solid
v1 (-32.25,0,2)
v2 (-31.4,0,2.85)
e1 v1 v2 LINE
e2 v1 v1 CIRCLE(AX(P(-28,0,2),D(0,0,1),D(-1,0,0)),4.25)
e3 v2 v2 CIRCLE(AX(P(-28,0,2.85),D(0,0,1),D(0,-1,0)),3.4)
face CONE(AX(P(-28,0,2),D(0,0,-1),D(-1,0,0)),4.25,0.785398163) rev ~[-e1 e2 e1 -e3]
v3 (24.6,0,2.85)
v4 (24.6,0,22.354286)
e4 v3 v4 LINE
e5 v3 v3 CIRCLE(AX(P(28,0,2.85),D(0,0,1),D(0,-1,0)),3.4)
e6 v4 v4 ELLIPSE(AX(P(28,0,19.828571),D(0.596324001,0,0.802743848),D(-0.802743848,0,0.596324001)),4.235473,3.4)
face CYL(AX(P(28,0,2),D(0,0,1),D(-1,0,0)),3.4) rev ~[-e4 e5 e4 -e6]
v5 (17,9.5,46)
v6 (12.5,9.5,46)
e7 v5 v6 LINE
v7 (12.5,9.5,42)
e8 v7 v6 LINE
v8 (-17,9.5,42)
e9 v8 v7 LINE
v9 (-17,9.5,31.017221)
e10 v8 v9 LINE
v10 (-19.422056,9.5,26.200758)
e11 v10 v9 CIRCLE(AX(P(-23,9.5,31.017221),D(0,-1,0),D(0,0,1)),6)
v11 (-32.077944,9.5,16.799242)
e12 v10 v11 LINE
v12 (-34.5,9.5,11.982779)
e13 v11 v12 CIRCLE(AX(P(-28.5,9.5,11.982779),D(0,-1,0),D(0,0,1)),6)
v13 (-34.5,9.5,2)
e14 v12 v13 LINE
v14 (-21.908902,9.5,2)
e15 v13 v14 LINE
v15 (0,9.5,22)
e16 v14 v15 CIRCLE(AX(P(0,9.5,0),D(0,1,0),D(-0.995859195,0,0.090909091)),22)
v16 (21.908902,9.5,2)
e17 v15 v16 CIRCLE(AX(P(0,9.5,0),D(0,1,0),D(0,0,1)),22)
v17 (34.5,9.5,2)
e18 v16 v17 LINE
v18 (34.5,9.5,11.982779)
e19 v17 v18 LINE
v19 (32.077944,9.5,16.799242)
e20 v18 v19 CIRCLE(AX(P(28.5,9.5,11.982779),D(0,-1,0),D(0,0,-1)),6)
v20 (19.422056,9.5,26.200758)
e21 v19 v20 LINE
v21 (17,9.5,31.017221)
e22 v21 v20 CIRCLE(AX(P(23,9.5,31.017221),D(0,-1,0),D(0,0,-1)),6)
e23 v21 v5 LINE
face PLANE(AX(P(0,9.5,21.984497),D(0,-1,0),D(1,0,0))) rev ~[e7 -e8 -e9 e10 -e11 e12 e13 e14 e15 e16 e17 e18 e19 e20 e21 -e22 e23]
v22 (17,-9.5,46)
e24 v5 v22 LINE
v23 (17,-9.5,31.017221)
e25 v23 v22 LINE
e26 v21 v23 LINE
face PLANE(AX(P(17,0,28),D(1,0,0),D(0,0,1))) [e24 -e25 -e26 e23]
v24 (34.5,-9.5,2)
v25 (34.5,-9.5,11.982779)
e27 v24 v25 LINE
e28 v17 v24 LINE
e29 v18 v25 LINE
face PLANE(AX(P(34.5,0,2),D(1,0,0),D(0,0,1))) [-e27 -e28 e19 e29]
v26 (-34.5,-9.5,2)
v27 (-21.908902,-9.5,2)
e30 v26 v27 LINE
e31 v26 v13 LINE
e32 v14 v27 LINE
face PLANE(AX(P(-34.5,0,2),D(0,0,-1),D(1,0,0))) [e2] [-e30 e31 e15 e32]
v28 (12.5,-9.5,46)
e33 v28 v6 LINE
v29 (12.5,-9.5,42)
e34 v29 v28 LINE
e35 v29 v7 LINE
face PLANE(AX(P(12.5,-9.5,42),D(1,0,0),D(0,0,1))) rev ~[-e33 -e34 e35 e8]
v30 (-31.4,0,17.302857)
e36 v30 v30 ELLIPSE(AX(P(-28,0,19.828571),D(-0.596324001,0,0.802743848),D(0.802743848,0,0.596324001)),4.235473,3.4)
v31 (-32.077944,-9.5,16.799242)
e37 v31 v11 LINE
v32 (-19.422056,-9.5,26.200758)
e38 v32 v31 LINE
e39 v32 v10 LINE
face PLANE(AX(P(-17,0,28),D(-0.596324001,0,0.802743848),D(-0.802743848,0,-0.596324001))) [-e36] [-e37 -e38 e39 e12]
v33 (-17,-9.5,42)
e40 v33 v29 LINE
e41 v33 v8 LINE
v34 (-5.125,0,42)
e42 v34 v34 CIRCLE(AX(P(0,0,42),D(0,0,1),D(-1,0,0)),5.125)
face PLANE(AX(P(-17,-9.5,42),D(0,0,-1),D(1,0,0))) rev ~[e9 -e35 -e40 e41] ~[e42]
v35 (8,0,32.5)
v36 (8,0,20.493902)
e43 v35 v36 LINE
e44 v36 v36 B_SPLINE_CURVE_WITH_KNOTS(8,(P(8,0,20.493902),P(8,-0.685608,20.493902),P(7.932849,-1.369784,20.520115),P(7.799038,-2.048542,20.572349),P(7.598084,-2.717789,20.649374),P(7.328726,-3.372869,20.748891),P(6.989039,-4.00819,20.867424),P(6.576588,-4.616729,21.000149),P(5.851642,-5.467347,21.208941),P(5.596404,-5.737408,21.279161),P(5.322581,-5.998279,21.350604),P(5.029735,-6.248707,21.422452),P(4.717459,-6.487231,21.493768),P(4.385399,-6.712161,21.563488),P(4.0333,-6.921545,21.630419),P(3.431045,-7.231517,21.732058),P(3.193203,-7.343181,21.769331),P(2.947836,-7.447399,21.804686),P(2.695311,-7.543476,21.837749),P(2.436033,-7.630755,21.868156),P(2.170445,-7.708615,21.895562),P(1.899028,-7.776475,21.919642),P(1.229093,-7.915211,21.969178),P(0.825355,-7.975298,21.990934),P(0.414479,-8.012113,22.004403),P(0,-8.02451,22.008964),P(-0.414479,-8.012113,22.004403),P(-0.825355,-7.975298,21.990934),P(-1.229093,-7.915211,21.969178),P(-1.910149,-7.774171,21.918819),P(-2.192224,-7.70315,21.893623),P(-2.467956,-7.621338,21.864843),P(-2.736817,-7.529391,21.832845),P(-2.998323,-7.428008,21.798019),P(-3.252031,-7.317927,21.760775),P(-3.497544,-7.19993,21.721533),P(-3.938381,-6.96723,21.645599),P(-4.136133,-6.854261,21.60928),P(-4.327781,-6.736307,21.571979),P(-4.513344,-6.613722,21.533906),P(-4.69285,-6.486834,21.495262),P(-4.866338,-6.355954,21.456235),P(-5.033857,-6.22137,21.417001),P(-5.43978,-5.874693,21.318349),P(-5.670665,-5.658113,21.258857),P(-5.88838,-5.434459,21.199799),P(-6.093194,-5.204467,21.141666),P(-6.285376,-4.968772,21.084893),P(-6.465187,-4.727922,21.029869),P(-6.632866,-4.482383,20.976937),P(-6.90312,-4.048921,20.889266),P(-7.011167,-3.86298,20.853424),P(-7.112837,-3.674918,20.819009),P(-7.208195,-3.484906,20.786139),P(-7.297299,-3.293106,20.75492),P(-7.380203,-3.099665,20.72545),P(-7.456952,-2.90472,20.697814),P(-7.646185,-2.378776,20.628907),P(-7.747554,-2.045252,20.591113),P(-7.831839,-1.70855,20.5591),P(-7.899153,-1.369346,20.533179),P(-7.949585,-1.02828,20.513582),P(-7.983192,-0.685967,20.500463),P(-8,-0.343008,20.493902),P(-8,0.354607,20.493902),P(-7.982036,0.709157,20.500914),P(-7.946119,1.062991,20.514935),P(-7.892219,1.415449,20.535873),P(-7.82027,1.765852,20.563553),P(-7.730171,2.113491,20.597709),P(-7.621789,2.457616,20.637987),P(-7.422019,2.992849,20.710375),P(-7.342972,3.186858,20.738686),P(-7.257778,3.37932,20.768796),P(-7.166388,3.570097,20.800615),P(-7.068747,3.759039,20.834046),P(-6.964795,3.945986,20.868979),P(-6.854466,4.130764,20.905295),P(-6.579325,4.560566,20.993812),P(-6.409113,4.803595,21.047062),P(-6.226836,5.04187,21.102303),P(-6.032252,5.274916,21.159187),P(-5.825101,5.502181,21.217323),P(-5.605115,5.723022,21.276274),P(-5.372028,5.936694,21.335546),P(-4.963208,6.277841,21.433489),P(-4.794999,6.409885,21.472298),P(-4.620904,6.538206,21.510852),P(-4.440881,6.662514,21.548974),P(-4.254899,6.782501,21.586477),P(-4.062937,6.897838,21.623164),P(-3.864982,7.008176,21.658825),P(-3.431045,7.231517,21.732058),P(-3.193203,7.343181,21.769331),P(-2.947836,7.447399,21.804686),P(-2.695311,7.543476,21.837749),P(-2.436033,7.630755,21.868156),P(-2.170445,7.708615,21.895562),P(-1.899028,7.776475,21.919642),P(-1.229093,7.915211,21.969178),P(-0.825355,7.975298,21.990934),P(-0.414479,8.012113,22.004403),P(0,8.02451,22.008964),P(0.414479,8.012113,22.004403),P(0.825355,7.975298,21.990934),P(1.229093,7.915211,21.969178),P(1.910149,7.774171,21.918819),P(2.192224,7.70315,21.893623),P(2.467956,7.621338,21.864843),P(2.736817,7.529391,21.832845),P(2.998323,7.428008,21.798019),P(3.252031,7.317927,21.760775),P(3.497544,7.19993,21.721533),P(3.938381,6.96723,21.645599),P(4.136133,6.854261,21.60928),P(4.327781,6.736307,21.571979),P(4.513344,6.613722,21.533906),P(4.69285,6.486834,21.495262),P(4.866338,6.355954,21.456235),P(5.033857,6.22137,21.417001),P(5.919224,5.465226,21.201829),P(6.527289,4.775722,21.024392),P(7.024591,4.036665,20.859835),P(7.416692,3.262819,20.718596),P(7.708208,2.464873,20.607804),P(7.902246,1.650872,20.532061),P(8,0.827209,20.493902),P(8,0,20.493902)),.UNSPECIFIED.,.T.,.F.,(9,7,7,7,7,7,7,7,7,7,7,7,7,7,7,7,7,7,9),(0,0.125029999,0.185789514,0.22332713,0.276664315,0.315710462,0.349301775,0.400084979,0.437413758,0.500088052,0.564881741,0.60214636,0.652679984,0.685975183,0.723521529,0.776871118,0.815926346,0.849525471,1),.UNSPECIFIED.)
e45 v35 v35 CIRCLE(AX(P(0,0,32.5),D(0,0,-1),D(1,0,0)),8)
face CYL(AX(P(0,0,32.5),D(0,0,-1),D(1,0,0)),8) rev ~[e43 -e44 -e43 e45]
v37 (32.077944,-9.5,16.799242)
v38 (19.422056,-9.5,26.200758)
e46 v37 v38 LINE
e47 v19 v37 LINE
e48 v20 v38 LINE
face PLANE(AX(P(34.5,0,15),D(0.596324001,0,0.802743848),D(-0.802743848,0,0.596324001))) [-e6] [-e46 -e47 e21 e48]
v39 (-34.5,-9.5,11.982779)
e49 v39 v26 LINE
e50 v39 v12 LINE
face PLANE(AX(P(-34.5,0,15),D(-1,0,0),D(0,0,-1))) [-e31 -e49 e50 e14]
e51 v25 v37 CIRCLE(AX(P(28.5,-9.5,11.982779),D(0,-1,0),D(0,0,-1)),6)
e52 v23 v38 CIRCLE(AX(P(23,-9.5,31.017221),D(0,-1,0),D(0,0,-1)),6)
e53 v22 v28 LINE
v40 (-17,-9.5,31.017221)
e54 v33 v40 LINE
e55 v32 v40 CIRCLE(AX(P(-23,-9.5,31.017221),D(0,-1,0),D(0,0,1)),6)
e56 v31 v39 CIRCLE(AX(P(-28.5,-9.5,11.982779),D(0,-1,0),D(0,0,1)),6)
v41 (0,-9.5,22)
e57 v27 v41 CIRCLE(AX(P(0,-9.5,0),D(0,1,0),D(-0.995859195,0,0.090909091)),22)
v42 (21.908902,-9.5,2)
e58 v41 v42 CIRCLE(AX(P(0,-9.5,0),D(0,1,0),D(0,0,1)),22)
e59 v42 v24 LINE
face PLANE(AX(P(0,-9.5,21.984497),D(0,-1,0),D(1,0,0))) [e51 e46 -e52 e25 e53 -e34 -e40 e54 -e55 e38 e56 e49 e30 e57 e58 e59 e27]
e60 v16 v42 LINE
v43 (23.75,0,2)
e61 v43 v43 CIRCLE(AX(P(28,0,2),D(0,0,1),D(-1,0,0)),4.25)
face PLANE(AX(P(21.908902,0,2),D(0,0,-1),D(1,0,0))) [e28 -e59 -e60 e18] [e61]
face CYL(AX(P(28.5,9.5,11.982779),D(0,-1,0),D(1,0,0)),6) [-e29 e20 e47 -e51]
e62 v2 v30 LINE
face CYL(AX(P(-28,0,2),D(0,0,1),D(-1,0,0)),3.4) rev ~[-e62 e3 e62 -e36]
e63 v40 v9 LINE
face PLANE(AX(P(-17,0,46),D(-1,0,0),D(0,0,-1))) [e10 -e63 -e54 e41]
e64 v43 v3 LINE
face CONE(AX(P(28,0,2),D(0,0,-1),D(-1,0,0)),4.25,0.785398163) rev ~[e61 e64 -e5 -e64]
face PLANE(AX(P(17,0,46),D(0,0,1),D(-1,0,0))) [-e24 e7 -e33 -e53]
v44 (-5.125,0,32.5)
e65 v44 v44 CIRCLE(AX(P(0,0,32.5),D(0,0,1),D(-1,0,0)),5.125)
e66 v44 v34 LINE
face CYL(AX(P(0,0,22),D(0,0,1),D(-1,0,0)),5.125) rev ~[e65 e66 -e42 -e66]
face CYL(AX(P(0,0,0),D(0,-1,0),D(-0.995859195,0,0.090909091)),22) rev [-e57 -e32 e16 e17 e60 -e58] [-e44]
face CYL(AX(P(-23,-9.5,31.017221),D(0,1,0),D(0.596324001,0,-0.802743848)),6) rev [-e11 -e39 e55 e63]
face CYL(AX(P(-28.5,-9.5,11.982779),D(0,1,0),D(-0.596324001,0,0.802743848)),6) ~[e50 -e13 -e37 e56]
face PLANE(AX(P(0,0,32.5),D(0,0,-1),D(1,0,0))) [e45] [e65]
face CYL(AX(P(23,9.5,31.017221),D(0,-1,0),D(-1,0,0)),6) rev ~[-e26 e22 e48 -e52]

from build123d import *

# Parameters (mm, degrees)
F1_DEPTH       = 9.5
F3_D           = 6.8
F3_START       = 2
F3_CSINK_D     = 8.5
F3_CSINK_ANGLE = 90
F5_D           = 10.25
F5_START       = 22.0000001
F5_CBORE_D     = 16
F5_CBORE_DEPTH = 10.5
F6_W           = 29.5
F6_H           = 4
F7_DEPTH       = 19
F8_R           = 6
F9_R           = 6


with BuildPart() as f1:
    # F0 (on Front) → F1 (new body, symmetric)
    with BuildSketch(Plane.XZ):
        with BuildLine():
            Line((-34.5, 2), (-21.9089023002, 2))
            ThreePointArc((-21.9089023002, 2), (-14.8323969742, 16.2480768093), (0, 22))
            ThreePointArc((0, 22), (14.8323969742, 16.2480768093), (21.9089023002, 2))
            Line((21.9089023002, 2), (34.5, 2))
            Line((34.5, 2), (34.5, 15))
            Line((34.5, 15), (17, 28))
            Line((17, 28), (17, 46))
            Line((17, 46), (0, 46))
            Line((0, 46), (-17, 46))
            Line((-17, 46), (-17, 28))
            Line((-17, 28), (-34.5, 15))
            Line((-34.5, 15), (-34.5, 2))
        make_face()
    extrude(amount=F1_DEPTH, both=True)

    # F3 (through all)
    # its depths count from where the whole tool has entered the part; down to there all is cleared
    with Locations(Plane(origin=(0, 0, 0), x_dir=(1, 0, 0), z_dir=(0, 0, -1)).offset(-F3_START)):
        with Locations((28, 0), (-28, 0)):
            CounterSinkHole(F3_D / 2, F3_CSINK_D / 2, counter_sink_angle=F3_CSINK_ANGLE)

    # F5 (through all)
    # its depths count from where the whole tool has entered the part; down to there all is cleared
    with Locations(Plane(origin=(0, 0, 0), x_dir=(1, 0, 0), z_dir=(0, 0, -1)).offset(-F5_START)):
        with Locations((0, 0)):
            CounterBoreHole(F5_D / 2, F5_CBORE_D / 2, F5_CBORE_DEPTH)

    # F6 (on face) → F7 (cut)
    with BuildSketch(Plane.XZ.offset(9.5)):
        with Locations((-2.25, 44)):
            Rectangle(F6_W, F6_H)
    extrude(amount=-F7_DEPTH, mode=Mode.SUBTRACT)

    # F8
    f8_edges = [f1.edges().sort_by_distance(p)[0] for p in [
        (17, 0, 28),
        (-17, 0, 28),
    ]]
    fillet(f8_edges, radius=F8_R)

    # F9
    f9_edges = [f1.edges().sort_by_distance(p)[0] for p in [
        (34.5, 0, 15),
        (-34.5, 0, 15),
    ]]
    fillet(f9_edges, radius=F9_R)


solid = f1.part
